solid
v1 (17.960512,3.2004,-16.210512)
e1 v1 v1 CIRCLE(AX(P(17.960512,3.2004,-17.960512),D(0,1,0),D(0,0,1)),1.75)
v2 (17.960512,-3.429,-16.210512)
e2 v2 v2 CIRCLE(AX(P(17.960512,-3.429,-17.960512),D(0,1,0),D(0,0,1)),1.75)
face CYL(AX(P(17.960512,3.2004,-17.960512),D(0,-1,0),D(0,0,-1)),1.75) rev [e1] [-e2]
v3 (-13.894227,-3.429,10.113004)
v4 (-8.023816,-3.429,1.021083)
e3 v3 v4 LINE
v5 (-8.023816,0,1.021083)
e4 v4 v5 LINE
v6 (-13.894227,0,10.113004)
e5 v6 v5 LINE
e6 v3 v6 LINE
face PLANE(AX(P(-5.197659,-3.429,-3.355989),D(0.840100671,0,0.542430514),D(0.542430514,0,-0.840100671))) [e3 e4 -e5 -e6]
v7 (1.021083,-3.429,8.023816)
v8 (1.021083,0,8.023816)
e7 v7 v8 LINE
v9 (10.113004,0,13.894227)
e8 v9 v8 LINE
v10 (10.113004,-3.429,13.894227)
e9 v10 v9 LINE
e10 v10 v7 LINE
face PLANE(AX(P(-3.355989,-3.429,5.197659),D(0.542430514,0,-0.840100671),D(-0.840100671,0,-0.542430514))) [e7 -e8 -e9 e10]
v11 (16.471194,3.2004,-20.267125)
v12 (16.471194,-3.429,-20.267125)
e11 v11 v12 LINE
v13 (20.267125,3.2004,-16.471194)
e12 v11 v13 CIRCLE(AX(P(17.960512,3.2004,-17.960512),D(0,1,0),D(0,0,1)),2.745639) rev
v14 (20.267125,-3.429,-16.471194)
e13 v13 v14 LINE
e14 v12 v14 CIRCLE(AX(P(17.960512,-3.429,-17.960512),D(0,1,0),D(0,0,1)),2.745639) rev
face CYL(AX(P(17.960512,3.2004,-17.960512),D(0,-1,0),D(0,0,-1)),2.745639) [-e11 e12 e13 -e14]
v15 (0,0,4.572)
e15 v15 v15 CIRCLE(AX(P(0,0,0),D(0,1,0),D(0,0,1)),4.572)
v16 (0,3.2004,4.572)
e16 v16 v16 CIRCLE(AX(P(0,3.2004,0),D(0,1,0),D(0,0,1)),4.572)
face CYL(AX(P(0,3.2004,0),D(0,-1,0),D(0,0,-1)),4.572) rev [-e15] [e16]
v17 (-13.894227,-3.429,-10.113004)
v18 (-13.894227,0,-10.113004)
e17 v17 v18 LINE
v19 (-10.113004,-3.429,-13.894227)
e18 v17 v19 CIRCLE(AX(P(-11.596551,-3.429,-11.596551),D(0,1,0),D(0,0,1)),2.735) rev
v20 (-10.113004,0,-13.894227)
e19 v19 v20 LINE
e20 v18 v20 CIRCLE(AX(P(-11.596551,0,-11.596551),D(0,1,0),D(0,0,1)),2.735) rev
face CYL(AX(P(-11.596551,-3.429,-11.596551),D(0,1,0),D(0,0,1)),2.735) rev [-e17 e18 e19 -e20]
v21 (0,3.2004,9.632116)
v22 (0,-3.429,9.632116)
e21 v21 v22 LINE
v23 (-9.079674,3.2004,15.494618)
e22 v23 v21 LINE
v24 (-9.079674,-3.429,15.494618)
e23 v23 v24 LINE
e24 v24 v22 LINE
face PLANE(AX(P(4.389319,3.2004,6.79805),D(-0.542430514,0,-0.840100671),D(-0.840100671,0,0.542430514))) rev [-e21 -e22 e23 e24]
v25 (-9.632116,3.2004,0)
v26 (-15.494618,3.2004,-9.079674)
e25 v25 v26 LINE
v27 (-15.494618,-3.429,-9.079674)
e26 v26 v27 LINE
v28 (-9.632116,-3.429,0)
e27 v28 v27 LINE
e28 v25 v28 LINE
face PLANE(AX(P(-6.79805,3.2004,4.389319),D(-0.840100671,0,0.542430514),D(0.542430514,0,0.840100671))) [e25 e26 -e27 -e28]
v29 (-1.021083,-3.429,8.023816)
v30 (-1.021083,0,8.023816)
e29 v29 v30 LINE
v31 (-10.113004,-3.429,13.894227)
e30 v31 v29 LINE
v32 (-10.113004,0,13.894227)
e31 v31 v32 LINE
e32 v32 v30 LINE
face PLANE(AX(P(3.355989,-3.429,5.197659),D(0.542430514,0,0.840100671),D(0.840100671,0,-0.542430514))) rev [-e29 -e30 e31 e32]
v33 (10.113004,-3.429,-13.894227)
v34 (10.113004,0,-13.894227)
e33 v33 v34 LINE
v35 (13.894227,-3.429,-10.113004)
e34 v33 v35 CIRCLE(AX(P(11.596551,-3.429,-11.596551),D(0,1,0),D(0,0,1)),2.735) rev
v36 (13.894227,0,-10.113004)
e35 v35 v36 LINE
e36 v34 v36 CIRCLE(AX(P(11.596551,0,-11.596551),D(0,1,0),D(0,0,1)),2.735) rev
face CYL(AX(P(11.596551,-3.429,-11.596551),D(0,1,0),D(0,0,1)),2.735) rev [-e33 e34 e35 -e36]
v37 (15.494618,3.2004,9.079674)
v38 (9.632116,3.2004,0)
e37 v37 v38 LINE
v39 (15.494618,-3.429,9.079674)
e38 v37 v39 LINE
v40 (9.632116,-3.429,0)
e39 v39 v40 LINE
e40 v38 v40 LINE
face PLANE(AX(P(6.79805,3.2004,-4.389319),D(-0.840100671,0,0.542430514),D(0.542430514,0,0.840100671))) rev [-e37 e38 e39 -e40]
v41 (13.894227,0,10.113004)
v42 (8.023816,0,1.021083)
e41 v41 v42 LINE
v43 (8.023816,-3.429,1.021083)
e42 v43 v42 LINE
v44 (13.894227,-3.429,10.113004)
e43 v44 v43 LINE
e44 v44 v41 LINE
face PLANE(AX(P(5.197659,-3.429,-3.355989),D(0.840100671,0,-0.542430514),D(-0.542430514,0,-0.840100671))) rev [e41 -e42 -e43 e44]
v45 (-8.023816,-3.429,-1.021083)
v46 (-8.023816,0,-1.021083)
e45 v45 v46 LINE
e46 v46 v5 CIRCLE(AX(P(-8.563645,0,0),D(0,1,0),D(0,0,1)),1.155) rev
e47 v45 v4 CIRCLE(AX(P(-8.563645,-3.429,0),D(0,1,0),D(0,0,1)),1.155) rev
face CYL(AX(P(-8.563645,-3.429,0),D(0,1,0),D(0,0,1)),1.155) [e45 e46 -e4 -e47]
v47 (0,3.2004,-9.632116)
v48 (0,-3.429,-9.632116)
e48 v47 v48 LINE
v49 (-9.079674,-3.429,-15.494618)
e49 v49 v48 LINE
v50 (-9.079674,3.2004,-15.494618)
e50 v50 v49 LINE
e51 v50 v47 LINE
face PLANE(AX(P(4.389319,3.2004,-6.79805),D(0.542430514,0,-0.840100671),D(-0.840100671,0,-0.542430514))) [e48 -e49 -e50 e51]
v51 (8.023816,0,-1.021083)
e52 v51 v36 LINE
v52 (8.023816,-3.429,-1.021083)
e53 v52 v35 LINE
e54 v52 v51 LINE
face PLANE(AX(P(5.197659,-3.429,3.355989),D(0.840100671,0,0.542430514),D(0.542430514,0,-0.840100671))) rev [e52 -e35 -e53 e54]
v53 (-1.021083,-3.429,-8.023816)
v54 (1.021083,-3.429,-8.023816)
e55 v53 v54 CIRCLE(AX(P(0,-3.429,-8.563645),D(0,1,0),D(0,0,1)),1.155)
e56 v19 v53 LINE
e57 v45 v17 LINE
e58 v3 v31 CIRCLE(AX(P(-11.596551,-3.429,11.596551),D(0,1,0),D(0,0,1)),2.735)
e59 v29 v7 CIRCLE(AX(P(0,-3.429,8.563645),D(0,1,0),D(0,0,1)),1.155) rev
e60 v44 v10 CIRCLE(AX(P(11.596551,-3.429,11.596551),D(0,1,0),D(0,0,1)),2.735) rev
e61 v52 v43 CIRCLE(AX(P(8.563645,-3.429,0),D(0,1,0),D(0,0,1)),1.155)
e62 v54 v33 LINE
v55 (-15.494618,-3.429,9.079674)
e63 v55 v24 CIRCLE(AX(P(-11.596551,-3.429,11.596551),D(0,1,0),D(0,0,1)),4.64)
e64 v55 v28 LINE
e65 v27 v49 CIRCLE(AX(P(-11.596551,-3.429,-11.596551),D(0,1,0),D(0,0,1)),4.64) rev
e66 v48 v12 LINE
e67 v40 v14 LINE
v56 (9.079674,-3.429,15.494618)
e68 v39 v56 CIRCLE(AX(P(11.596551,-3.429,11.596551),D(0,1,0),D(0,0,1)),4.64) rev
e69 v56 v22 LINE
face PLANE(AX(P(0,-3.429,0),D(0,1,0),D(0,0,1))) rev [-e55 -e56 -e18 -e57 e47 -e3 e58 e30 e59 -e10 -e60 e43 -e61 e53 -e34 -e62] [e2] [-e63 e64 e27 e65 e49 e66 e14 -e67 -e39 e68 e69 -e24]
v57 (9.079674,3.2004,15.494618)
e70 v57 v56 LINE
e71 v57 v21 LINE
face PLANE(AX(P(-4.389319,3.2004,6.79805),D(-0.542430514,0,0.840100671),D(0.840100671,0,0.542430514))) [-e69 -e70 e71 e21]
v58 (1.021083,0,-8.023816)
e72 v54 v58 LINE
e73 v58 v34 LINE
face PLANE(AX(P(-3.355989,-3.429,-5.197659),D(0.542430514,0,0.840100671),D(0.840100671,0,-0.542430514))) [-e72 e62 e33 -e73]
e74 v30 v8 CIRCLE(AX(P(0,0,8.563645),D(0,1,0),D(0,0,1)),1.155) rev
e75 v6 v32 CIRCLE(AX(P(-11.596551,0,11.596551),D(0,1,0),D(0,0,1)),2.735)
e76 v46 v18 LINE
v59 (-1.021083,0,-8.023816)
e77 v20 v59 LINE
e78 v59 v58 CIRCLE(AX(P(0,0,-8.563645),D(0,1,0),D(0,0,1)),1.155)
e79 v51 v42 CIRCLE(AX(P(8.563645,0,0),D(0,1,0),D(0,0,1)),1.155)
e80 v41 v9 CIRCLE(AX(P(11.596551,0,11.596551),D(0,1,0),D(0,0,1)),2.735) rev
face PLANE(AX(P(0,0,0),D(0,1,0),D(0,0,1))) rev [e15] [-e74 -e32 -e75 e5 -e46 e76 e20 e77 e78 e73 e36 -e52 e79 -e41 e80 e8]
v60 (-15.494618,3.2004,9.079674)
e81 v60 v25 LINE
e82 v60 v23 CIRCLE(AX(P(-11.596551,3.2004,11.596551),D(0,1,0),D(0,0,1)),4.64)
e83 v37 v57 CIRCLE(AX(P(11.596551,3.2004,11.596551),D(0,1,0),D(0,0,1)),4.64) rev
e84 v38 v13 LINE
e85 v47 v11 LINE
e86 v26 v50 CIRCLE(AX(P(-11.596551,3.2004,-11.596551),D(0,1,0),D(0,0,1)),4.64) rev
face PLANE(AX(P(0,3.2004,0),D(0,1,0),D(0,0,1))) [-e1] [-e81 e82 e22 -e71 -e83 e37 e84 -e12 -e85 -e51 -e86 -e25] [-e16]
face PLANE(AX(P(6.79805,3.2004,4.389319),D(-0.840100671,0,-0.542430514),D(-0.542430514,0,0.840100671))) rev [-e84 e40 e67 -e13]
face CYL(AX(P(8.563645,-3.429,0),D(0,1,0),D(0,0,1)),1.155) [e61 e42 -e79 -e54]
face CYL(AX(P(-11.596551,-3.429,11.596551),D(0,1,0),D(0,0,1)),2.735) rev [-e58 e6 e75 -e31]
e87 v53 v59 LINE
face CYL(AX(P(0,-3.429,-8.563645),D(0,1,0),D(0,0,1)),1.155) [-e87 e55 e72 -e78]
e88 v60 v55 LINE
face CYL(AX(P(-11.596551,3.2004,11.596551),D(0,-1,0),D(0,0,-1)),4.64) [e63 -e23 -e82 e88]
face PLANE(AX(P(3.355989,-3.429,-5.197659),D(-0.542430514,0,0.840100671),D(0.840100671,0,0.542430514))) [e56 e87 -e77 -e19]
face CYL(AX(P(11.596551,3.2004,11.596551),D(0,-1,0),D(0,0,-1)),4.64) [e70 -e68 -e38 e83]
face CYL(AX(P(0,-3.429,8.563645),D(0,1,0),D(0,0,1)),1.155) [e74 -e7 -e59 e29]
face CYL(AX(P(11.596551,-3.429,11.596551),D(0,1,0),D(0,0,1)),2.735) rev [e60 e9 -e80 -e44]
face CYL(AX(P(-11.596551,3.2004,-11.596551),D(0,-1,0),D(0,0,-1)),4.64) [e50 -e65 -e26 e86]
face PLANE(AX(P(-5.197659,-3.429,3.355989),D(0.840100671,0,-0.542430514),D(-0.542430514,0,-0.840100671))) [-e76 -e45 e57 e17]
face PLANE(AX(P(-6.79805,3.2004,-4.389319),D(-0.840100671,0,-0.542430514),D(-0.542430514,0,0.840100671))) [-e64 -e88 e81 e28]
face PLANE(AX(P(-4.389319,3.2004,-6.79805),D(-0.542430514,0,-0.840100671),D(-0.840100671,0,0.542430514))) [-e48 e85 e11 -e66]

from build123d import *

# Parameters (mm, degrees)
SKETCH1_R           = 4.572
SKETCH1_R_2         = 1.75
BOSS_EXTRUDE1_DEPTH = 3.2004
BOSS_EXTRUDE2_START = -3.429
SKETCH1_3_R         = 1.75
BOSS_EXTRUDE2_DEPTH = 3.429


with BuildPart() as part:
    # Sketch1 → Boss-Extrude1 (new body)
    with BuildSketch(Plane(origin=(0, 0, 0), x_dir=(1, 0, 0), z_dir=(0, 1, 0))):
        with BuildLine():
            Line((15.494618326, -9.079673628), (9.632116129, 0))
            Line((9.632116129, 0), (20.267125172, 16.471194022))
            ThreePointArc((20.267125172, 16.471194022), (19.901971998, 19.901971998), (16.471194022, 20.267125172))
            Line((16.471194022, 20.267125172), (0, 9.632116129))
            Line((0, 9.632116129), (-9.079673628, 15.494618326))
            ThreePointArc((-9.079673628, 15.494618326), (-14.877526676, 14.877526676), (-15.494618326, 9.079673628))
            Line((-15.494618326, 9.079673628), (-9.632116129, 0))
            Line((-9.632116129, 0), (-15.494618326, -9.079673628))
            ThreePointArc((-15.494618326, -9.079673628), (-14.877526676, -14.877526676), (-9.079673628, -15.494618326))
            Line((-9.079673628, -15.494618326), (0, -9.632116129))
            Line((0, -9.632116129), (9.079673628, -15.494618326))
            ThreePointArc((9.079673628, -15.494618326), (14.877526676, -14.877526676), (15.494618326, -9.079673628))
        make_face()
        Circle(SKETCH1_R, mode=Mode.SUBTRACT)
        with Locations((17.960512242, 17.960512242)):
            Circle(SKETCH1_R_2, mode=Mode.SUBTRACT)
    extrude(amount=BOSS_EXTRUDE1_DEPTH)

    # Sketch1<3> → Boss-Extrude2 (add)
    with BuildSketch(Plane(origin=(0, 0, 0), x_dir=(1, 0, 0), z_dir=(0, 1, 0)).offset(BOSS_EXTRUDE2_START)):
        with BuildLine():
            Line((15.494618326, -9.079673628), (9.632116129, 0))
            Line((9.632116129, 0), (15.494618326, 9.079673628))
            Line((15.494618326, 9.079673628), (20.267125172, 16.471194022))
            ThreePointArc((20.267125172, 16.471194022), (19.901971998, 19.901971998), (16.471194022, 20.267125172))
            Line((16.471194022, 20.267125172), (9.079673628, 15.494618326))
            Line((9.079673628, 15.494618326), (0, 9.632116129))
            Line((0, 9.632116129), (-9.079673628, 15.494618326))
            ThreePointArc((-9.079673628, 15.494618326), (-14.877526676, 14.877526676), (-15.494618326, 9.079673628))
            Line((-15.494618326, 9.079673628), (-9.632116129, 0))
            Line((-9.632116129, 0), (-15.494618326, -9.079673628))
            ThreePointArc((-15.494618326, -9.079673628), (-14.877526676, -14.877526676), (-9.079673628, -15.494618326))
            Line((-9.079673628, -15.494618326), (0, -9.632116129))
            Line((0, -9.632116129), (9.079673628, -15.494618326))
            ThreePointArc((9.079673628, -15.494618326), (14.877526676, -14.877526676), (15.494618326, -9.079673628))
        make_face()
        with BuildLine():
            Line((13.894226547, 10.113003756), (8.023816422, 1.021082558))
            ThreePointArc((8.023816422, 1.021082558), (7.408645479, 0), (8.023816422, -1.021082558))
            Line((8.023816422, -1.021082558), (13.894226547, -10.113003756))
            ThreePointArc((13.894226547, -10.113003756), (13.530488258, -13.530488258), (10.113003756, -13.894226547))
            Line((10.113003756, -13.894226547), (1.021082558, -8.023816422))
            ThreePointArc((1.021082558, -8.023816422), (0, -7.408645479), (-1.021082558, -8.023816422))
            Line((-1.021082558, -8.023816422), (-10.113003756, -13.894226547))
            ThreePointArc((-10.113003756, -13.894226547), (-13.530488258, -13.530488258), (-13.894226547, -10.113003756))
            Line((-13.894226547, -10.113003756), (-8.023816422, -1.021082558))
            ThreePointArc((-8.023816422, -1.021082558), (-7.408645479, 0), (-8.023816422, 1.021082558))
            Line((-8.023816422, 1.021082558), (-13.894226547, 10.113003756))
            ThreePointArc((-13.894226547, 10.113003756), (-13.530488258, 13.530488258), (-10.113003756, 13.894226547))
            Line((-10.113003756, 13.894226547), (-1.021082558, 8.023816422))
            ThreePointArc((-1.021082558, 8.023816422), (0, 7.408645479), (1.021082558, 8.023816422))
            Line((1.021082558, 8.023816422), (10.113003756, 13.894226547))
            ThreePointArc((10.113003756, 13.894226547), (13.530488258, 13.530488258), (13.894226547, 10.113003756))
        make_face(mode=Mode.SUBTRACT)
        with Locations((17.960512242, 17.960512242)):
            Circle(SKETCH1_3_R, mode=Mode.SUBTRACT)
    extrude(amount=BOSS_EXTRUDE2_DEPTH)


solid = part.part
